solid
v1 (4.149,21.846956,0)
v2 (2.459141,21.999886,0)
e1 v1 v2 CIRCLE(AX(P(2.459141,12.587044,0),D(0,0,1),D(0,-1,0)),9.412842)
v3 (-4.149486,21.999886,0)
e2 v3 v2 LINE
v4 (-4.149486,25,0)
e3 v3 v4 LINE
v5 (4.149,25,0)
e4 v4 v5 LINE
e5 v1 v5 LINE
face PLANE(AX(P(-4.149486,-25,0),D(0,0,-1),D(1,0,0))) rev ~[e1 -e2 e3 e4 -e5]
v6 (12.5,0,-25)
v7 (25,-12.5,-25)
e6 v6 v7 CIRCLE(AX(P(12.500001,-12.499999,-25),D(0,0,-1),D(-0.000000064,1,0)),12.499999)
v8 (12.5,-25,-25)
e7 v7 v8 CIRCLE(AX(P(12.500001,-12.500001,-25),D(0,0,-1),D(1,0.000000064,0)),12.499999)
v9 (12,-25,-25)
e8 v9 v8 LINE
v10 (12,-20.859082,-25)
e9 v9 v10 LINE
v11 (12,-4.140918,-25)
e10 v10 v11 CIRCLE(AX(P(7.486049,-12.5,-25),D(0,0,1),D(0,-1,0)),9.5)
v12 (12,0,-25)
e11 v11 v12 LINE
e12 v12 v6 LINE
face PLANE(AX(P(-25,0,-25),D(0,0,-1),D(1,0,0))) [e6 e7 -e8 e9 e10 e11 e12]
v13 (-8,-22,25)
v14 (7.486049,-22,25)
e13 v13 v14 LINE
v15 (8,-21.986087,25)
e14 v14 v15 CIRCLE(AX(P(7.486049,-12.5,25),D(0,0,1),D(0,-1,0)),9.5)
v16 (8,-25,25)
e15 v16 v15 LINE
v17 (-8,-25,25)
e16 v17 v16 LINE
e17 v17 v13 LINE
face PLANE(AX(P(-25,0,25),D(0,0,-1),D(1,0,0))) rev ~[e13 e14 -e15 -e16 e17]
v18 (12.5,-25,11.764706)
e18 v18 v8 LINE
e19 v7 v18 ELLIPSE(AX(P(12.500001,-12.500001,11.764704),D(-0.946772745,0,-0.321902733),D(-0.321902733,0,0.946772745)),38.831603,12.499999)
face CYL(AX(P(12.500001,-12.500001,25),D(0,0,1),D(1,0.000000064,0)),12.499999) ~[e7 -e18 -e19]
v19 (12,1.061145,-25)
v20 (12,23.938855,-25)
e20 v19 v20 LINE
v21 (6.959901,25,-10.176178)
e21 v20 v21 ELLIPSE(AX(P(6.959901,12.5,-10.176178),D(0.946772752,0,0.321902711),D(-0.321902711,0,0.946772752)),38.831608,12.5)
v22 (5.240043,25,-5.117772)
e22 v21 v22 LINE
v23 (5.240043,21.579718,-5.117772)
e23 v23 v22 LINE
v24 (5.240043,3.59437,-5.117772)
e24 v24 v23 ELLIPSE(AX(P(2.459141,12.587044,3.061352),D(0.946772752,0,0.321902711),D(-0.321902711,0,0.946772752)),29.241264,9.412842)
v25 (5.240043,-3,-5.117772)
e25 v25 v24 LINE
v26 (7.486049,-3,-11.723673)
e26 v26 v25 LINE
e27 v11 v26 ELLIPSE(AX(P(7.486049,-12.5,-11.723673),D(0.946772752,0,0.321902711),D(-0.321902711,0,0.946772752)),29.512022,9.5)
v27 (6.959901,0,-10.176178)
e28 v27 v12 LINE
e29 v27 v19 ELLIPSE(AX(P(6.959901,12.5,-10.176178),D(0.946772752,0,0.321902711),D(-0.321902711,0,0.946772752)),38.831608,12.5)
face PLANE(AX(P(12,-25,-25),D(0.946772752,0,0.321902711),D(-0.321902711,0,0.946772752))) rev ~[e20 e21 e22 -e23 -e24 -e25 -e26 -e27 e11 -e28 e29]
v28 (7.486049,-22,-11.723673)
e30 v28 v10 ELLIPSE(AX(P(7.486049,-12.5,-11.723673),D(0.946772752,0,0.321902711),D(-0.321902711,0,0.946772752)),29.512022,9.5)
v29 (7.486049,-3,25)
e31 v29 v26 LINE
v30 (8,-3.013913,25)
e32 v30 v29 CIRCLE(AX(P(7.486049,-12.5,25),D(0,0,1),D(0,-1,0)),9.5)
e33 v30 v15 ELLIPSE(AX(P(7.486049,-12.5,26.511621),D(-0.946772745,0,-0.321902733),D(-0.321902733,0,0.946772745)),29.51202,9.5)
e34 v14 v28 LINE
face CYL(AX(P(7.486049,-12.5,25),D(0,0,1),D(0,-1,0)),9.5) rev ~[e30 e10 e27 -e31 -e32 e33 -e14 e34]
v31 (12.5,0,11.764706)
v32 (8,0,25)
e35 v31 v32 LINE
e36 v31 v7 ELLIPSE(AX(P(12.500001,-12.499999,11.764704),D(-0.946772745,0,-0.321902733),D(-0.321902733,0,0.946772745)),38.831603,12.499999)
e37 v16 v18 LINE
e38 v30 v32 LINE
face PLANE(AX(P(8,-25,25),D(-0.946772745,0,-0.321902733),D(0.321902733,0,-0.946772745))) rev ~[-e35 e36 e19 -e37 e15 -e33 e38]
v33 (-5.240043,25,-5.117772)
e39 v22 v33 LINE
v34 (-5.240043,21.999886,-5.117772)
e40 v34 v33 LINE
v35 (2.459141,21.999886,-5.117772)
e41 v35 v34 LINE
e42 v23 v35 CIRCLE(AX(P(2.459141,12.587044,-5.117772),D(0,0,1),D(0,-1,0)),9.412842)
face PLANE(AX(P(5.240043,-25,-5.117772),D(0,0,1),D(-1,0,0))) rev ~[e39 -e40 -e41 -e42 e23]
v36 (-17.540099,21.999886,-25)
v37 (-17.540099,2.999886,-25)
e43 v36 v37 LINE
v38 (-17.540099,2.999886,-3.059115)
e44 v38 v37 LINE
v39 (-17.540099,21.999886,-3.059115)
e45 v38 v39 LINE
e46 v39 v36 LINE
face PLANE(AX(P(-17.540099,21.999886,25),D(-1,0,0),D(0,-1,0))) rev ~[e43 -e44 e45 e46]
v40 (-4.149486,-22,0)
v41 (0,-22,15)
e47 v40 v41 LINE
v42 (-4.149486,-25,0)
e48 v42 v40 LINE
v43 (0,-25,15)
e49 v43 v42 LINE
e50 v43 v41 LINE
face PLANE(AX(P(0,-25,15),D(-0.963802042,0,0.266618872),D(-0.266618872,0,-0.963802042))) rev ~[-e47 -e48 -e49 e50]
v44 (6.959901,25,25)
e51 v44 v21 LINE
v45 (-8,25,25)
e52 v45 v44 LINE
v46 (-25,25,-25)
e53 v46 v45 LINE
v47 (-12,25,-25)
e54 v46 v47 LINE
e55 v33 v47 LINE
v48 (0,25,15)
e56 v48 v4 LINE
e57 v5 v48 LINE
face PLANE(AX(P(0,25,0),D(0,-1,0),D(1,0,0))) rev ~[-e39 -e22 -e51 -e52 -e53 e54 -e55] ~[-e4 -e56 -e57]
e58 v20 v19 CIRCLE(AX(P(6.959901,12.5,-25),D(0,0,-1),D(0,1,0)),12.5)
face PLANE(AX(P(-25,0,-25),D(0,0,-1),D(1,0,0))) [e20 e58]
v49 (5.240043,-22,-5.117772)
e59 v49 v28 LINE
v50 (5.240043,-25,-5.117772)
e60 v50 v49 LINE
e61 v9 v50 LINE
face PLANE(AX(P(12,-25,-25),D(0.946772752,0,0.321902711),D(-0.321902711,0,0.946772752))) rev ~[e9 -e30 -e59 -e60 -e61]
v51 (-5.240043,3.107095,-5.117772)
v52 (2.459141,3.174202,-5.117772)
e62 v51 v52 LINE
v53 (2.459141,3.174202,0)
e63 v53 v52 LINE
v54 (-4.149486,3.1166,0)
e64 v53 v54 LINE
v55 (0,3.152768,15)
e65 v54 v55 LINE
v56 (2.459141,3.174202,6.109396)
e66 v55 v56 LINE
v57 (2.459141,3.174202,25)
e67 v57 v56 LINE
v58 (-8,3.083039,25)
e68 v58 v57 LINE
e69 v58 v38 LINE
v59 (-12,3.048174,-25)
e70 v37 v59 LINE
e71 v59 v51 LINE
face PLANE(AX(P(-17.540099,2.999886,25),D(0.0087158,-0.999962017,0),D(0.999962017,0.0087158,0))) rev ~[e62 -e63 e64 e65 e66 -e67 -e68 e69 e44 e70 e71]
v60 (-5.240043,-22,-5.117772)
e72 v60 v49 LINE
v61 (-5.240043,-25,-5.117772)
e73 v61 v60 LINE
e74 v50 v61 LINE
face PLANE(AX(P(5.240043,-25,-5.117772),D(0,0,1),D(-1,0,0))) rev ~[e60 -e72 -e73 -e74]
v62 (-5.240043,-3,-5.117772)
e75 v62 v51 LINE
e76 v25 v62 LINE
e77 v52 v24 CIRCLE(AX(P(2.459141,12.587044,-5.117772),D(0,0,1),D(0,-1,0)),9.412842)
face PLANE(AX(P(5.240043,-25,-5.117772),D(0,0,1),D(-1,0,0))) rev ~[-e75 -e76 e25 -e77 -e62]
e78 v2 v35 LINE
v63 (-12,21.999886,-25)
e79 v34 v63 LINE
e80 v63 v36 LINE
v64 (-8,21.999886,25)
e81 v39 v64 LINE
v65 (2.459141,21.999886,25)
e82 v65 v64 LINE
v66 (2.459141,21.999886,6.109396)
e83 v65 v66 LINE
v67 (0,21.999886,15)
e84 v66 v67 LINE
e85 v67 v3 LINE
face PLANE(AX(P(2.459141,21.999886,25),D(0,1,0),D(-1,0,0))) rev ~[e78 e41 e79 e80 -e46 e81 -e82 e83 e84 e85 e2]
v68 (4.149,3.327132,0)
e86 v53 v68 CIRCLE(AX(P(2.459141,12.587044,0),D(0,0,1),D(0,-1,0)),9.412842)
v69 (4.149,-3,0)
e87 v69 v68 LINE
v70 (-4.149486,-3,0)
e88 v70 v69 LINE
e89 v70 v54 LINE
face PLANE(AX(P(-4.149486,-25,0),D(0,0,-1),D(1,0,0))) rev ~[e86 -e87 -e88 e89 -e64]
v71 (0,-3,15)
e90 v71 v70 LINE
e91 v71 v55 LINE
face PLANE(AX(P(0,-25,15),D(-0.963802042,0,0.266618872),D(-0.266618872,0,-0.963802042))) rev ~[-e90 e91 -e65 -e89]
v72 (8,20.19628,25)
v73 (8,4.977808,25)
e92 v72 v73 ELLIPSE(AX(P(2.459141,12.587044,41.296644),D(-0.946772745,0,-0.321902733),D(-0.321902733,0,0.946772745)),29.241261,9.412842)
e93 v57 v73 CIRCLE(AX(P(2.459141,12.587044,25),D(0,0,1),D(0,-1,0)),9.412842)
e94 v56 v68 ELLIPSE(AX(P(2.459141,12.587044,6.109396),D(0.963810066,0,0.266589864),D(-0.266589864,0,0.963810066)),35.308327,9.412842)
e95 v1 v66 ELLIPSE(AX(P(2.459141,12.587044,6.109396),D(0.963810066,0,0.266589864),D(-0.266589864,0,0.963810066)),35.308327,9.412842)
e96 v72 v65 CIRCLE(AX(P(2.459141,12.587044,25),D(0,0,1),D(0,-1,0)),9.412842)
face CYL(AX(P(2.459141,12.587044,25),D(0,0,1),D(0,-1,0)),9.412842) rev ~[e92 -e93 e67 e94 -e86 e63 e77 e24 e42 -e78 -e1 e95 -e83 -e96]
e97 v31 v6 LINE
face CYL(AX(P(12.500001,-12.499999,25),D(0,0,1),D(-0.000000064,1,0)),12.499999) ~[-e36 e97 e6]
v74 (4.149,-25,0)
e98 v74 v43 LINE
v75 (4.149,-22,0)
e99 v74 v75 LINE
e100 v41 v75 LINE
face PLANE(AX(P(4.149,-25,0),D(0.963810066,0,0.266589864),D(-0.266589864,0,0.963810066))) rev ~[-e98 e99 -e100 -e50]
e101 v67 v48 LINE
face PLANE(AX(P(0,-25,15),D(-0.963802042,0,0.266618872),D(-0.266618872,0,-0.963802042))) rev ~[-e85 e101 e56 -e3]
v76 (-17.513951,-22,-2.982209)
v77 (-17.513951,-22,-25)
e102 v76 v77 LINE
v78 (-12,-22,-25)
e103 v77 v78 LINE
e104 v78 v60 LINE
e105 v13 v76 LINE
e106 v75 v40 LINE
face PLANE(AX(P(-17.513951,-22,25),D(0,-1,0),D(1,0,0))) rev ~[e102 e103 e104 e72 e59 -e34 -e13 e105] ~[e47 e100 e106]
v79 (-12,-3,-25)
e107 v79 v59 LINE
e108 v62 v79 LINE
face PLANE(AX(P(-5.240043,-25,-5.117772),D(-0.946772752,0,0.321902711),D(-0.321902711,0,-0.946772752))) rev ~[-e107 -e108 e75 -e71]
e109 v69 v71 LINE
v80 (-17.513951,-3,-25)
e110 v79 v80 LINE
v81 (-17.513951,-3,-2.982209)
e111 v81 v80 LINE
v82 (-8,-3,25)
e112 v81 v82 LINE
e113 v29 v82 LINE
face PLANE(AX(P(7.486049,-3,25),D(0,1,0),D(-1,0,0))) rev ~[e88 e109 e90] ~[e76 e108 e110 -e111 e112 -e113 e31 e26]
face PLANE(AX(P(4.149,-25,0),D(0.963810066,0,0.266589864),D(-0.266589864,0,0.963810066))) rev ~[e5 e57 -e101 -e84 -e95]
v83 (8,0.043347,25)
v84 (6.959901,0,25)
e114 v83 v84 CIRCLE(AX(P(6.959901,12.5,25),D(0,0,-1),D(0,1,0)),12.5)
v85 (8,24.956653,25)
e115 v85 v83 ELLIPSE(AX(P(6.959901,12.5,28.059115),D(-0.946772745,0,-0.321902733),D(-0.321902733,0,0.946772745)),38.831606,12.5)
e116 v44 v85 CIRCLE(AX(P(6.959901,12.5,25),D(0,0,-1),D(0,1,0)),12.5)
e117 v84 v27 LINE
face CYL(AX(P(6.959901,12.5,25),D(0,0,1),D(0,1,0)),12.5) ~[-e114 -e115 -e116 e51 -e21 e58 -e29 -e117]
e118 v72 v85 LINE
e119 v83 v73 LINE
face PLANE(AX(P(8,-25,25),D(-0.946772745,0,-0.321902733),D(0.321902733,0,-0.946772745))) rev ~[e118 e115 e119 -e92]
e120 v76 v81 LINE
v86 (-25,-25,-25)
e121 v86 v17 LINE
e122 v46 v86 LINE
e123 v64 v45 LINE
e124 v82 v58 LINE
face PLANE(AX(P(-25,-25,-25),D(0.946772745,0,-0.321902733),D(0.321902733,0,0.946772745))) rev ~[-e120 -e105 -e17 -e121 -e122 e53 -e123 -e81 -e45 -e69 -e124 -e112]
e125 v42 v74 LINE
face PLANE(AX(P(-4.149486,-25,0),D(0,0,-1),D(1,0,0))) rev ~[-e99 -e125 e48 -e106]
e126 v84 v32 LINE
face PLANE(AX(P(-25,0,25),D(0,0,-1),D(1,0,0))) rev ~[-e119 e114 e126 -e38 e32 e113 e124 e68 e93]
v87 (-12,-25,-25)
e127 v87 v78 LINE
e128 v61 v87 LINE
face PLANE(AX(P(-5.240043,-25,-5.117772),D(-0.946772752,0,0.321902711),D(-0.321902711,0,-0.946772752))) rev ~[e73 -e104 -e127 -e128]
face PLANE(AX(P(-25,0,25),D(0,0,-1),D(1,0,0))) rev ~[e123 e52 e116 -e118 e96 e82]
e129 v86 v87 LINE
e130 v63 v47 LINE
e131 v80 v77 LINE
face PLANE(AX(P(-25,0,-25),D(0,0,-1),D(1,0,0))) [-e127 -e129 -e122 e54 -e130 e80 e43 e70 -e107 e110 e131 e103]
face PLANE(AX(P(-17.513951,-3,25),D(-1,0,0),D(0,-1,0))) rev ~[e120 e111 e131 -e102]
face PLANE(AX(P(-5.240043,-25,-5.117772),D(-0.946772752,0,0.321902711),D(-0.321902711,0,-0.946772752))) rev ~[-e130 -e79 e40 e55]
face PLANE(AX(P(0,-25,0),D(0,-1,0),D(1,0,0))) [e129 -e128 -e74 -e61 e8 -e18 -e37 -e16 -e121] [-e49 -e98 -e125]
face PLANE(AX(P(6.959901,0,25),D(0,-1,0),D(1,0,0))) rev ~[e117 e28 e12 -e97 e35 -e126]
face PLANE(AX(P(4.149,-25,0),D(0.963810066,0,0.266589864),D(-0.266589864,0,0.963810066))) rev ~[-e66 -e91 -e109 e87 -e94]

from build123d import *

# Parameters (mm, degrees)
F0_W     = 50
F0_H     = 50
F1_DEPTH = 25
F4_DEPTH = 50
F7_DEPTH = 50


with BuildPart() as f1:
    # F0 (on Front) → F1 (new body, symmetric)
    with BuildSketch(Plane.XZ):
        Rectangle(F0_W, F0_H)
    extrude(amount=F1_DEPTH, both=True)

    # F3 (on offset) → F4 (cut)
    with BuildSketch(Plane.XZ.offset(25)):
        Polygon((-8, 25), (-25, 25), (-25, -25), align=None)
        Polygon((4.149, 0), (0, 15), (-4.149486, 0), (0, 0), align=None)
        Polygon((8, 25), (25, -25), (25, 25), align=None)
        Polygon((-5.240043, -5.117772), (-12, -25), (12, -25), (5.240043, -5.117772), align=None)
    extrude(amount=-F4_DEPTH, mode=Mode.SUBTRACT)

    # F6 (on offset) → F7 (cut)
    with BuildSketch(Plane.XY.offset(25)):
        with BuildLine():
            Line((25, 25), (6.959901, 25))
            ThreePointArc((6.959901, 25), (19.459901, 12.5), (6.959901, 0))
            Line((6.959901, 0), (7.5, 0))
            Line((7.5, 0), (12.5, 0))
            ThreePointArc((12.5, 0), (21.338835, -3.661165), (25, -12.5))
            Line((25, -12.5), (25, 25))
        make_face()
        with BuildLine():
            ThreePointArc((25, -12.5), (21.338835, -21.338835), (12.5, -25))
            Line((12.5, -25), (25, -25))
            Line((25, -25), (25, -12.5))
        make_face()
        with BuildLine():
            Line((7.486049, -3), (-17.513951, -3))
            Line((-17.513951, -3), (-17.513951, -22))
            Line((-17.513951, -22), (7.486049, -22))
            ThreePointArc((7.486049, -22), (16.986049, -12.5), (7.486049, -3))
        make_face()
        with BuildLine():
            Line((2.459141, 21.999886), (-17.540099, 21.999886))
            Line((-17.540099, 21.999886), (-17.540099, 2.999886))
            Line((-17.540099, 2.999886), (2.459141, 3.174202))
            ThreePointArc((2.459141, 3.174202), (11.871983, 12.587044), (2.459141, 21.999886))
        make_face()
    extrude(amount=-F7_DEPTH, mode=Mode.SUBTRACT)


solid = f1.part
